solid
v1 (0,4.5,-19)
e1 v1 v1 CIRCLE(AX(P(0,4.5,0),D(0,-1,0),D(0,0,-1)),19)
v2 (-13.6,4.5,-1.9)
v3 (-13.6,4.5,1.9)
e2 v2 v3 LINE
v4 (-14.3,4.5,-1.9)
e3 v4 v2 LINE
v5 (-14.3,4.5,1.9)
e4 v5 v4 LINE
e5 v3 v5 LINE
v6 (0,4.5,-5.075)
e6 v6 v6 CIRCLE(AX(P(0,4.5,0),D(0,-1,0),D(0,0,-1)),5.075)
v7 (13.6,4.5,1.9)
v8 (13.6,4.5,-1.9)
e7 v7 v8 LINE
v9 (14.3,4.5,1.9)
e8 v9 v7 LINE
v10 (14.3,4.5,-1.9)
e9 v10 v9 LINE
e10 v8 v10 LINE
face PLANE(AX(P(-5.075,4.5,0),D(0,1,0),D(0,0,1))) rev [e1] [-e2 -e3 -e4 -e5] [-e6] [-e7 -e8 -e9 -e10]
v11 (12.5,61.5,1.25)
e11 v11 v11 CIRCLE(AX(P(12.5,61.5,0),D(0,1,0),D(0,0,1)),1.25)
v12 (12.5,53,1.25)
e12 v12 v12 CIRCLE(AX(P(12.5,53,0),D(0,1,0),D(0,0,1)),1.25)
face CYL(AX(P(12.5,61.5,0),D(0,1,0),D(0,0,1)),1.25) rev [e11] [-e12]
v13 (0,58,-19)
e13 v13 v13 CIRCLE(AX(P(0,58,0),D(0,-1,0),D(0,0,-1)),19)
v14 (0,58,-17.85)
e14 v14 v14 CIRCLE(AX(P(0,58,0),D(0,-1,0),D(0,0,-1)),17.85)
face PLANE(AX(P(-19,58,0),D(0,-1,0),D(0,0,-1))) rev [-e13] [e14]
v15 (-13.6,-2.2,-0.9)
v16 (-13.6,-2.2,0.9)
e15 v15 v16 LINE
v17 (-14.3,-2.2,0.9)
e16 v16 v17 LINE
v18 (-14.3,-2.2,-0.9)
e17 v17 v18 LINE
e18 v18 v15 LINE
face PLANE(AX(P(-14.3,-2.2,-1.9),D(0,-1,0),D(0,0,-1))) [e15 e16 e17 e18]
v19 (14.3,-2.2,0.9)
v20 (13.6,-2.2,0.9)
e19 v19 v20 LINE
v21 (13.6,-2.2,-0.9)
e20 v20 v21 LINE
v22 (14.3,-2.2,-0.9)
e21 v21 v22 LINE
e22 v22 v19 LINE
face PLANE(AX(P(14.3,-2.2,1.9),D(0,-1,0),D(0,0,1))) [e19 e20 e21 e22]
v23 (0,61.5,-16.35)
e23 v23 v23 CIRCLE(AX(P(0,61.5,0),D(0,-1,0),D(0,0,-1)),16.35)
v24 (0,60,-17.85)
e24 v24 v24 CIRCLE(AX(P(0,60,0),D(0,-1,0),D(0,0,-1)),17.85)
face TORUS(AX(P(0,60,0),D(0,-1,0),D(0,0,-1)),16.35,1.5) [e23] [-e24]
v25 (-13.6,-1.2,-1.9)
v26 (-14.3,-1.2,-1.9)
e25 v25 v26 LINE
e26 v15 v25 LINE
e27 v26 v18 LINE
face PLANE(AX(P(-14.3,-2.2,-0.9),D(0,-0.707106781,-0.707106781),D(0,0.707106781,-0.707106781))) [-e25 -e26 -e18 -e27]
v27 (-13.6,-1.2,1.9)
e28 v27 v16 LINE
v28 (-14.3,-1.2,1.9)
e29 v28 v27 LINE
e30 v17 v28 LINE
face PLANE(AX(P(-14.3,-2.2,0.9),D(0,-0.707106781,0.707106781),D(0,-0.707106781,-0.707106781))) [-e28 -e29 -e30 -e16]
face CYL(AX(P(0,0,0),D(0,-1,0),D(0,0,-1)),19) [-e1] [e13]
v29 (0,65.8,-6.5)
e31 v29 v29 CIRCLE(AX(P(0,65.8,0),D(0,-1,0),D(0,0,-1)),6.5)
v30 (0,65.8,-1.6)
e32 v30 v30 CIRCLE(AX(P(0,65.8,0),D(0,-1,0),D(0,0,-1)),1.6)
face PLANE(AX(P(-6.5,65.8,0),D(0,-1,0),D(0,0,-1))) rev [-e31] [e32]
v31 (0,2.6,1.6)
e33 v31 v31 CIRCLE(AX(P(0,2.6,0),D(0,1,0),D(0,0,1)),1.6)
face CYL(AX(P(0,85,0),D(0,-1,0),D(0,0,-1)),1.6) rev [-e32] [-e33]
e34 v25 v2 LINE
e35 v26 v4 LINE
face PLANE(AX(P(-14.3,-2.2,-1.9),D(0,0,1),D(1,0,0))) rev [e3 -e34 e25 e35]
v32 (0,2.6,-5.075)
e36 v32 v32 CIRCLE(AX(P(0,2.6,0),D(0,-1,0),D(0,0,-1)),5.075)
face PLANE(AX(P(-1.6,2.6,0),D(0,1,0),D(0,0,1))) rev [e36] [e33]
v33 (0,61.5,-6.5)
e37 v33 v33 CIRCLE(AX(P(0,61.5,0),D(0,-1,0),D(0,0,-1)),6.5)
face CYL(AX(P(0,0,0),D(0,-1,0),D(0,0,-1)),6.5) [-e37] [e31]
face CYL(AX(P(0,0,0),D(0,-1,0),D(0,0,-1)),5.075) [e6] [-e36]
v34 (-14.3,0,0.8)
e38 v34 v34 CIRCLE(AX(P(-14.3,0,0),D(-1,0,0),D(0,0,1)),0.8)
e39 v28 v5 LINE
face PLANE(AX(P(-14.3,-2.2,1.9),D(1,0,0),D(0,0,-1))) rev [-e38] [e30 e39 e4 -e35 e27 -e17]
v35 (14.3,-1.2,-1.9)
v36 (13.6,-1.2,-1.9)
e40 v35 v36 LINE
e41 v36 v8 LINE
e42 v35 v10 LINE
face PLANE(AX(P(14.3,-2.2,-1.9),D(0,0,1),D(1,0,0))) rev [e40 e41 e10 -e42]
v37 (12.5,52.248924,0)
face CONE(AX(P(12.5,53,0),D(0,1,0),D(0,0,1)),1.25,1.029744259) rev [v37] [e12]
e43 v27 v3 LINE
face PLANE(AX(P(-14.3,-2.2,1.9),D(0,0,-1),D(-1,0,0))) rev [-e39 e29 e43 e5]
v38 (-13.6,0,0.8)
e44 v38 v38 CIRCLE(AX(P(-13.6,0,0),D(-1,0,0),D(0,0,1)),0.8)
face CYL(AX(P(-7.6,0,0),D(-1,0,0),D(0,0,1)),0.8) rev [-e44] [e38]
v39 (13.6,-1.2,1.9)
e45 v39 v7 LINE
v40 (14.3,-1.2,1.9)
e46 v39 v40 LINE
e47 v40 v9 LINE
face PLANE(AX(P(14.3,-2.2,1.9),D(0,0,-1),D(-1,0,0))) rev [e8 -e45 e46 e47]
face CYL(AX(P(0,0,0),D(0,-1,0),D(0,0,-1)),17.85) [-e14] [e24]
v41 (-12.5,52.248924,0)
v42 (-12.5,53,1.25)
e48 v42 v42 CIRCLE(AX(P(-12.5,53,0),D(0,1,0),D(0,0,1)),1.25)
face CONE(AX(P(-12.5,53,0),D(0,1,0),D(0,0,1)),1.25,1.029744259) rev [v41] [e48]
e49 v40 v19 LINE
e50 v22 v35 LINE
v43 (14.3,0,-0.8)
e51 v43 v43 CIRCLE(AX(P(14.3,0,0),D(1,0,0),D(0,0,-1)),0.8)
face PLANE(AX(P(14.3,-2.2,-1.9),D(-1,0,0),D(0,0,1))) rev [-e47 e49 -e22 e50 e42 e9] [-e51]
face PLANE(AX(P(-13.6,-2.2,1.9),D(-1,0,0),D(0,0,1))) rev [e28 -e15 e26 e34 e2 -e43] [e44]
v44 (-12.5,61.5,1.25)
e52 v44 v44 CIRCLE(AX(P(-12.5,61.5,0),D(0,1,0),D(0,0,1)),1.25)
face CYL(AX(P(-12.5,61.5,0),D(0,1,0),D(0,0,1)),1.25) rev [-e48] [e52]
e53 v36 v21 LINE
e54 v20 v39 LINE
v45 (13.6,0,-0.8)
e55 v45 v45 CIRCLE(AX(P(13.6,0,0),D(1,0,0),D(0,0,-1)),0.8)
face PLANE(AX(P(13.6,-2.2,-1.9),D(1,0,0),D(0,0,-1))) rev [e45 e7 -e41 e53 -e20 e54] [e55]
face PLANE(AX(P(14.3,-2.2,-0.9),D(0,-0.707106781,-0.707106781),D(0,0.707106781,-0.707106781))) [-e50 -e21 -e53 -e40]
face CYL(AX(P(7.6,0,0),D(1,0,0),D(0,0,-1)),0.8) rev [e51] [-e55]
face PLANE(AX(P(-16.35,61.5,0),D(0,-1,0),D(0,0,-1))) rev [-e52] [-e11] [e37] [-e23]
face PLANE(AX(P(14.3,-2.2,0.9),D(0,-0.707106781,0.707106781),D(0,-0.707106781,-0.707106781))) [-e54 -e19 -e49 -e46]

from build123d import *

# Parameters (mm, degrees)
ENL_V_MAT_EXTRU_1_DEPTH                   = 15
TROU_TARAUD_M31_D                         = 2.5
TROU_TARAUD_M31_DEPTH                     = 8.5
TROU_TARAUD_M31_TIP                       = 0.751075774
ESQUISSE5_W                               = 0.7
ESQUISSE5_H                               = 3.8
BOSS_EXTRU_1_DEPTH                        = 6.7
CHANFREIN1_SIZE                           = 1
ESQUISSE6_R                               = 0.8
ENL_V_MAT_EXTRU_2_DEPTH                   = 6.7
R_P_TITION_CIRCULAIRE1_COUNT              = 2
CHANFREIN1_OF_R_P_TITION_CIRCULAIRE1_SIZE = 1
ESQUISSE7_R                               = 1.6
ENL_V_MAT_EXTRU_3_DEPTH                   = 90.145947749


with BuildPart() as part:
    # Esquisse1 → Révolution1 (revolve)
    with BuildSketch(Plane.XY, mode=Mode.PRIVATE) as r_volution1_sk:
        with BuildLine():
            Line((0, 0), (-1.6, 0))
            Line((-1.6, 0), (-1.6, 2.6))
            Line((-1.6, 2.6), (-5.075, 2.6))
            Line((-5.075, 2.6), (-5.075, 4.5))
            Line((-5.075, 4.5), (-19, 4.5))
            Line((-19, 4.5), (-19, 58))
            Line((-19, 58), (-17.85, 58))
            Line((-17.85, 58), (-17.85, 60))
            ThreePointArc((-17.85, 60), (-17.410660172, 61.060660172), (-16.35, 61.5))
            Line((-16.35, 61.5), (-6.5, 61.5))
            Line((-6.5, 61.5), (-6.5, 65.8))
            Line((-6.5, 65.8), (-1.6, 65.8))
            Line((-1.6, 65.8), (-1.6, 85))
            Line((-1.6, 85), (0, 85))
            Line((0, 85), (0, 0))
        make_face()
    revolve(r_volution1_sk.sketch.rotate(Axis((0, 0, 0), (0, 1, 0)), 270), axis=Axis((0, 0, 0), (0, 1, 0)))

    # Esquisse2 → Enlèv. mat.-Extru.1 (cut)
    with BuildSketch(Plane(origin=(0, 85, 0), x_dir=(1, 0, 0), z_dir=(0, 1, 0))):
        with BuildLine():
            Line((-1.161895004, -1.1), (1.161895004, -1.1))
            ThreePointArc((1.161895004, -1.1), (0, -1.6), (-1.161895004, -1.1))
        make_face()
    extrude(amount=-ENL_V_MAT_EXTRU_1_DEPTH, mode=Mode.SUBTRACT)

    # Trou taraudé M31
    with Locations(Plane(origin=(0, 61.5, 0), x_dir=(-1, 0, 0), z_dir=(0, 1, 0))):
        with Locations((12.5, 0), (-12.5, 0)):
            Hole(TROU_TARAUD_M31_D / 2, depth=TROU_TARAUD_M31_DEPTH)
            with Locations((0, 0, -(TROU_TARAUD_M31_DEPTH + TROU_TARAUD_M31_TIP / 2))):  # 118° drill point
                Cone(0, TROU_TARAUD_M31_D / 2, TROU_TARAUD_M31_TIP, mode=Mode.SUBTRACT)

    # Esquisse5 → Boss.-Extru.1 (add)
    with BuildSketch(Plane.XZ.offset(-4.5)):
        with Locations((-13.95, 0)):
            Rectangle(ESQUISSE5_W, ESQUISSE5_H)
    boss_extru_1 = extrude(amount=BOSS_EXTRU_1_DEPTH)

    # Chanfrein1
    chanfrein1_edges = [part.edges().sort_by_distance(p)[0] for p in [
        (-13.95, -2.2, -1.9),
        (-13.95, -2.2, 1.9),
    ]]
    chamfer(chanfrein1_edges, length=CHANFREIN1_SIZE)

    # Esquisse6 → Enlèv. mat.-Extru.2 (cut)
    with BuildSketch(Plane.ZY.offset(14.3)):
        Circle(ESQUISSE6_R)
    enl_v_mat_extru_2 = extrude(amount=-ENL_V_MAT_EXTRU_2_DEPTH, mode=Mode.SUBTRACT)

    # Répétition circulaire1: Boss.-Extru.1, Enlèv. mat.-Extru.2 ×2 about axis
    r_p_tition_circulaire1_axis = Axis((0, 0, 0), (0, 1, 0))
    add([boss_extru_1.rotate(r_p_tition_circulaire1_axis, i * 360 / R_P_TITION_CIRCULAIRE1_COUNT) for i in range(1, R_P_TITION_CIRCULAIRE1_COUNT)])
    add([enl_v_mat_extru_2.rotate(r_p_tition_circulaire1_axis, i * 360 / R_P_TITION_CIRCULAIRE1_COUNT) for i in range(1, R_P_TITION_CIRCULAIRE1_COUNT)], mode=Mode.SUBTRACT)

    # Chanfrein1 of Répétition circulaire1
    chanfrein1_of_r_p_tition_circulaire1_edges = [part.edges().sort_by_distance(p)[0] for p in [
        (13.95, -2.2, 1.9),
        (13.95, -2.2, -1.9),
    ]]
    chamfer(chanfrein1_of_r_p_tition_circulaire1_edges, length=CHANFREIN1_OF_R_P_TITION_CIRCULAIRE1_SIZE)

    # Esquisse7 → Enlèv. mat.-Extru.3 (cut, through all)
    with BuildSketch(Plane.XZ):
        with Locations(Location((0, 0, 0), (0, 0, 270))):
            Circle(ESQUISSE7_R)
    extrude(amount=-ENL_V_MAT_EXTRU_3_DEPTH, mode=Mode.SUBTRACT)


solid = part.part
